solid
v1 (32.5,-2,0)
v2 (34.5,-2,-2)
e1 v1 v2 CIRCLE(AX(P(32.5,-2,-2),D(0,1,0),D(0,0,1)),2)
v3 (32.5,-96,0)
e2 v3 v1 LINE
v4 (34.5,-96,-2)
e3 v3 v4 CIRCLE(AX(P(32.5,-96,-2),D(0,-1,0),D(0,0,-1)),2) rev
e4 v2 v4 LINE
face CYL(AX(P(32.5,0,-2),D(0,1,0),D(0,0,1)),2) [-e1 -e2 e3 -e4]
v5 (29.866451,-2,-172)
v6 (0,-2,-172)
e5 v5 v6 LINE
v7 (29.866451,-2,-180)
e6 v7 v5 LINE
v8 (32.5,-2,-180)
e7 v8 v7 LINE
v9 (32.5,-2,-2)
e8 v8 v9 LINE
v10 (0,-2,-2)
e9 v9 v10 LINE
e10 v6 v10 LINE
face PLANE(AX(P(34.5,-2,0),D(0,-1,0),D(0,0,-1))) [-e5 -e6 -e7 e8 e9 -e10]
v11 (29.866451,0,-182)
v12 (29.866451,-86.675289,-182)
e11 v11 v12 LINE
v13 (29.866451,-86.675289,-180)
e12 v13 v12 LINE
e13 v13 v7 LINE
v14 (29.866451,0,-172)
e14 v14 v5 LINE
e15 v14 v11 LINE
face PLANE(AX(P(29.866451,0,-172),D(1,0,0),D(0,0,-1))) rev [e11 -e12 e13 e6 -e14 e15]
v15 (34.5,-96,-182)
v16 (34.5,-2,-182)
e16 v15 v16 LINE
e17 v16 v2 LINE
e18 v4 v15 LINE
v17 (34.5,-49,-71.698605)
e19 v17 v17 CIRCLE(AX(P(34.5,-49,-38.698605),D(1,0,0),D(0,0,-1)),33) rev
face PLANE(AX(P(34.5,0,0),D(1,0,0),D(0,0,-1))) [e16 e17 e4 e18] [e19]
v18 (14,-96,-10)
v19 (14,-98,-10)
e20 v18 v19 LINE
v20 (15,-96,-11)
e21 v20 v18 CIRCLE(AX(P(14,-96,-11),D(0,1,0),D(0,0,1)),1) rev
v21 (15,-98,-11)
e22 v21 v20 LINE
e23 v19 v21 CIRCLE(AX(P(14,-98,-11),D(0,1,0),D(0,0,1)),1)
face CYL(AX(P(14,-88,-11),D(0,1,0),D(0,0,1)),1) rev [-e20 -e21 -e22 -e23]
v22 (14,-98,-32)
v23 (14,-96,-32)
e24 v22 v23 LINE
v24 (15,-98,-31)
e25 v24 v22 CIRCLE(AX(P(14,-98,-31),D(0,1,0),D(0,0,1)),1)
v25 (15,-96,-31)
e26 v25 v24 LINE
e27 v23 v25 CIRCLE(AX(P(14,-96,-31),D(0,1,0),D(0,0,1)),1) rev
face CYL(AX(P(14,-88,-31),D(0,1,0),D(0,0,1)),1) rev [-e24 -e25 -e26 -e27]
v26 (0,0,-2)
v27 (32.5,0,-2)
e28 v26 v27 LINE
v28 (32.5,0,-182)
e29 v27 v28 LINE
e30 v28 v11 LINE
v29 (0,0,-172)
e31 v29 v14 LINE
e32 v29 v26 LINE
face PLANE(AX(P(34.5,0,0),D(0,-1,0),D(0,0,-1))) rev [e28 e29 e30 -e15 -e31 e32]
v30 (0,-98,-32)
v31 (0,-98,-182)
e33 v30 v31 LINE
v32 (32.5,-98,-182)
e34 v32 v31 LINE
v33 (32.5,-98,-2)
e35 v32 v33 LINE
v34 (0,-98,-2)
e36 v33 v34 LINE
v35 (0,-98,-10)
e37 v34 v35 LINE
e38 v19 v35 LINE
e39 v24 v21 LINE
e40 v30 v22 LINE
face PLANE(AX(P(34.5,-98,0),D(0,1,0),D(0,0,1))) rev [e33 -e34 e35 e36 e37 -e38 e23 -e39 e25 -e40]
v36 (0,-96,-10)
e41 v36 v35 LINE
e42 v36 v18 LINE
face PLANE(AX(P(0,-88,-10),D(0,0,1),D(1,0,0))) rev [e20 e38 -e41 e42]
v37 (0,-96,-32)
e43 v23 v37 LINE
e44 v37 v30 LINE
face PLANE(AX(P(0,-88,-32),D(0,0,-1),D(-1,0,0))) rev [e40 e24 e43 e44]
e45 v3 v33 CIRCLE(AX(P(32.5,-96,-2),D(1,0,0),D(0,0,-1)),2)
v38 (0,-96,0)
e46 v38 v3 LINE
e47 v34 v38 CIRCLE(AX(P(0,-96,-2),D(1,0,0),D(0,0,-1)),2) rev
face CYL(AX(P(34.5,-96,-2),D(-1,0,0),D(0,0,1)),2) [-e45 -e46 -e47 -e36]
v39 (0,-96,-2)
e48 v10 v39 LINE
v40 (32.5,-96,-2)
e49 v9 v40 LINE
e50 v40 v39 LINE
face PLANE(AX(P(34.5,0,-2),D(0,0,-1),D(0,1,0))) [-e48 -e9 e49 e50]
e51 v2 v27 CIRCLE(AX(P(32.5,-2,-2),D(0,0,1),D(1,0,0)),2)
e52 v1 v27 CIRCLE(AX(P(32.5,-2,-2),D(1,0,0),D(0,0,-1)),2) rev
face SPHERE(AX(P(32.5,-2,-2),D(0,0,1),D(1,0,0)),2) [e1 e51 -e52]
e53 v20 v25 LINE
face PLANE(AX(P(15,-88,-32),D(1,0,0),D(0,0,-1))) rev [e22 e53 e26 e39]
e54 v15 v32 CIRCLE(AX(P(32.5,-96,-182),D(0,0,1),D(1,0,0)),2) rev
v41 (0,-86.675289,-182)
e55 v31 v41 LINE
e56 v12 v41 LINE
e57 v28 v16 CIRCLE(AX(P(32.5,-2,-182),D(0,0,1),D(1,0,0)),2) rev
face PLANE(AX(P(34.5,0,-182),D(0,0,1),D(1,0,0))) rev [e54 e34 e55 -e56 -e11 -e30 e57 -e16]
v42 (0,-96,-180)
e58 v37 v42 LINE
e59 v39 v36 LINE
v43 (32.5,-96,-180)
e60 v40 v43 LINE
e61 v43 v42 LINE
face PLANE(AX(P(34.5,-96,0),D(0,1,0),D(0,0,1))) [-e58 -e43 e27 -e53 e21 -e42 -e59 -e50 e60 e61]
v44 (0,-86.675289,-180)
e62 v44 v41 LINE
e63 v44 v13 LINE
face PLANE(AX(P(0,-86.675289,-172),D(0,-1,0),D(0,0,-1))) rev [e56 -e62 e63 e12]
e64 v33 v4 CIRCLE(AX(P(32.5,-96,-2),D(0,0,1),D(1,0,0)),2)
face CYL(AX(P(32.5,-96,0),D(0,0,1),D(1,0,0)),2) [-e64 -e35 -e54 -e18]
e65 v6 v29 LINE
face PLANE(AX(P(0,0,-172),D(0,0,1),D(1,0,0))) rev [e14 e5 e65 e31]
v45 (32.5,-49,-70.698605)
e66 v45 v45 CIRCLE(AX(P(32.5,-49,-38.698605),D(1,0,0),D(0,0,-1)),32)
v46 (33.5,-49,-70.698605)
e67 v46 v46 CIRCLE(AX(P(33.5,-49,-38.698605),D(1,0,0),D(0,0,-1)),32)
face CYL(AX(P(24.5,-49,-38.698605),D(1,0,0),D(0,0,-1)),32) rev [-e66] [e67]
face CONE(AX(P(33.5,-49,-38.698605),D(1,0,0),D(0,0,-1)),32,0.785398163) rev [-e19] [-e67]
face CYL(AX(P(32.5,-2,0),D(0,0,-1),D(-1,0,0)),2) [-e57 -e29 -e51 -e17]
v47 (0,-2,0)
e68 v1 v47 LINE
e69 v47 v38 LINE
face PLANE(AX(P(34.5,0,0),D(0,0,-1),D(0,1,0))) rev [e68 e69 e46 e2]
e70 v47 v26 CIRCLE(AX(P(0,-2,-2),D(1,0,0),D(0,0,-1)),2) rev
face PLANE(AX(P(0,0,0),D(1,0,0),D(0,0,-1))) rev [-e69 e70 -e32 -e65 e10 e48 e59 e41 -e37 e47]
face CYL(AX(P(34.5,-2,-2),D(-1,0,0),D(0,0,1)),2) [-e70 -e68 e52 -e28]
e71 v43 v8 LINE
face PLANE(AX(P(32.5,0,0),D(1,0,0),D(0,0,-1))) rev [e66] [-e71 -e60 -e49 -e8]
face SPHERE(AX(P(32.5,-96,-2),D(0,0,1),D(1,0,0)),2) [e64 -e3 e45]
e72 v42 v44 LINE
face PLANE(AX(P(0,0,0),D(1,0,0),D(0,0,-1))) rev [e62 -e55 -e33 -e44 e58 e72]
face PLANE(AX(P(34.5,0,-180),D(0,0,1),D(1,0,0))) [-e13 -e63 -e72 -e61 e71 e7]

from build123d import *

# Parameters (mm, degrees)
SKETCH_1_W          = 182
SKETCH_1_H          = 98
EXTRUDE_1_DEPTH     = 34.5
SHELL_1_T           = -2
SKETCH_2_R          = 32
CUT_EXTRUDE_1_DEPTH = 10
SKETCH_3_W          = 29.866450527
SKETCH_3_H          = 86.675289488
CUT_EXTRUDE_2_DEPTH = 10
FILLET_1_R          = 2
SKETCH_4_W          = 15
SKETCH_4_H          = 22
CUT_EXTRUDE_3_DEPTH = 10
FILLET_2_R          = 1
CHAMFER_1_SIZE      = 1


with BuildPart() as part:
    # 草图1 → 凸台-拉伸1 (new body)
    with BuildSketch(Plane(origin=(0, 0, 0), x_dir=(0, 0, -1), z_dir=(1, 0, 0))):
        with Locations((91, -49)):
            Rectangle(SKETCH_1_W, SKETCH_1_H)
    extrude(amount=EXTRUDE_1_DEPTH)

    # 抽壳1
    shell_1_openings = [part.faces().sort_by_distance(p)[0] for p in [
        (0, -49, -91),
    ]]
    offset(amount=SHELL_1_T, openings=shell_1_openings, kind=Kind.INTERSECTION)

    # 草图2 → 切除-拉伸1 (cut)
    with BuildSketch(Plane(origin=(34.5, 0, 0), x_dir=(0, 0, -1), z_dir=(1, 0, 0))):
        with Locations((38.698604665, -49)):
            Circle(SKETCH_2_R)
    extrude(amount=-CUT_EXTRUDE_1_DEPTH, mode=Mode.SUBTRACT)

    # 草图3 → 切除-拉伸2 (cut)
    with BuildSketch(Plane(origin=(0, 0, -182), x_dir=(-1, 0, 0), z_dir=(0, 0, -1))):
        with Locations((-14.933225264, -43.337644744)):
            Rectangle(SKETCH_3_W, SKETCH_3_H)
    extrude(amount=-CUT_EXTRUDE_2_DEPTH, mode=Mode.SUBTRACT)

    # 圆角1
    fillet_1_edges = [part.edges().sort_by_distance(p)[0] for p in [
        (34.5, 0, -91),
        (34.5, -49, 0),
        (17.25, 0, 0),
        (17.25, -98, 0),
        (34.5, -98, -91),
    ]]
    fillet(fillet_1_edges, radius=FILLET_1_R)

    # 草图4 → 切除-拉伸3 (cut)
    with BuildSketch(Plane(origin=(0, -98, 0), x_dir=(-1, 0, 0), z_dir=(0, -1, 0))):
        with Locations((-7.5, 21)):
            Rectangle(SKETCH_4_W, SKETCH_4_H)
    extrude(amount=-CUT_EXTRUDE_3_DEPTH, mode=Mode.SUBTRACT)

    # 圆角2
    fillet_2_edges = [part.edges().sort_by_distance(p)[0] for p in [
        (15, -97, -10),
        (15, -97, -32),
    ]]
    fillet(fillet_2_edges, radius=FILLET_2_R)

    # 倒角1
    chamfer_1_edges = [part.edges().sort_by_distance(p)[0] for p in [
        (34.5, -49, -6.698604665),
    ]]
    chamfer(chamfer_1_edges, length=CHAMFER_1_SIZE)


solid = part.part
